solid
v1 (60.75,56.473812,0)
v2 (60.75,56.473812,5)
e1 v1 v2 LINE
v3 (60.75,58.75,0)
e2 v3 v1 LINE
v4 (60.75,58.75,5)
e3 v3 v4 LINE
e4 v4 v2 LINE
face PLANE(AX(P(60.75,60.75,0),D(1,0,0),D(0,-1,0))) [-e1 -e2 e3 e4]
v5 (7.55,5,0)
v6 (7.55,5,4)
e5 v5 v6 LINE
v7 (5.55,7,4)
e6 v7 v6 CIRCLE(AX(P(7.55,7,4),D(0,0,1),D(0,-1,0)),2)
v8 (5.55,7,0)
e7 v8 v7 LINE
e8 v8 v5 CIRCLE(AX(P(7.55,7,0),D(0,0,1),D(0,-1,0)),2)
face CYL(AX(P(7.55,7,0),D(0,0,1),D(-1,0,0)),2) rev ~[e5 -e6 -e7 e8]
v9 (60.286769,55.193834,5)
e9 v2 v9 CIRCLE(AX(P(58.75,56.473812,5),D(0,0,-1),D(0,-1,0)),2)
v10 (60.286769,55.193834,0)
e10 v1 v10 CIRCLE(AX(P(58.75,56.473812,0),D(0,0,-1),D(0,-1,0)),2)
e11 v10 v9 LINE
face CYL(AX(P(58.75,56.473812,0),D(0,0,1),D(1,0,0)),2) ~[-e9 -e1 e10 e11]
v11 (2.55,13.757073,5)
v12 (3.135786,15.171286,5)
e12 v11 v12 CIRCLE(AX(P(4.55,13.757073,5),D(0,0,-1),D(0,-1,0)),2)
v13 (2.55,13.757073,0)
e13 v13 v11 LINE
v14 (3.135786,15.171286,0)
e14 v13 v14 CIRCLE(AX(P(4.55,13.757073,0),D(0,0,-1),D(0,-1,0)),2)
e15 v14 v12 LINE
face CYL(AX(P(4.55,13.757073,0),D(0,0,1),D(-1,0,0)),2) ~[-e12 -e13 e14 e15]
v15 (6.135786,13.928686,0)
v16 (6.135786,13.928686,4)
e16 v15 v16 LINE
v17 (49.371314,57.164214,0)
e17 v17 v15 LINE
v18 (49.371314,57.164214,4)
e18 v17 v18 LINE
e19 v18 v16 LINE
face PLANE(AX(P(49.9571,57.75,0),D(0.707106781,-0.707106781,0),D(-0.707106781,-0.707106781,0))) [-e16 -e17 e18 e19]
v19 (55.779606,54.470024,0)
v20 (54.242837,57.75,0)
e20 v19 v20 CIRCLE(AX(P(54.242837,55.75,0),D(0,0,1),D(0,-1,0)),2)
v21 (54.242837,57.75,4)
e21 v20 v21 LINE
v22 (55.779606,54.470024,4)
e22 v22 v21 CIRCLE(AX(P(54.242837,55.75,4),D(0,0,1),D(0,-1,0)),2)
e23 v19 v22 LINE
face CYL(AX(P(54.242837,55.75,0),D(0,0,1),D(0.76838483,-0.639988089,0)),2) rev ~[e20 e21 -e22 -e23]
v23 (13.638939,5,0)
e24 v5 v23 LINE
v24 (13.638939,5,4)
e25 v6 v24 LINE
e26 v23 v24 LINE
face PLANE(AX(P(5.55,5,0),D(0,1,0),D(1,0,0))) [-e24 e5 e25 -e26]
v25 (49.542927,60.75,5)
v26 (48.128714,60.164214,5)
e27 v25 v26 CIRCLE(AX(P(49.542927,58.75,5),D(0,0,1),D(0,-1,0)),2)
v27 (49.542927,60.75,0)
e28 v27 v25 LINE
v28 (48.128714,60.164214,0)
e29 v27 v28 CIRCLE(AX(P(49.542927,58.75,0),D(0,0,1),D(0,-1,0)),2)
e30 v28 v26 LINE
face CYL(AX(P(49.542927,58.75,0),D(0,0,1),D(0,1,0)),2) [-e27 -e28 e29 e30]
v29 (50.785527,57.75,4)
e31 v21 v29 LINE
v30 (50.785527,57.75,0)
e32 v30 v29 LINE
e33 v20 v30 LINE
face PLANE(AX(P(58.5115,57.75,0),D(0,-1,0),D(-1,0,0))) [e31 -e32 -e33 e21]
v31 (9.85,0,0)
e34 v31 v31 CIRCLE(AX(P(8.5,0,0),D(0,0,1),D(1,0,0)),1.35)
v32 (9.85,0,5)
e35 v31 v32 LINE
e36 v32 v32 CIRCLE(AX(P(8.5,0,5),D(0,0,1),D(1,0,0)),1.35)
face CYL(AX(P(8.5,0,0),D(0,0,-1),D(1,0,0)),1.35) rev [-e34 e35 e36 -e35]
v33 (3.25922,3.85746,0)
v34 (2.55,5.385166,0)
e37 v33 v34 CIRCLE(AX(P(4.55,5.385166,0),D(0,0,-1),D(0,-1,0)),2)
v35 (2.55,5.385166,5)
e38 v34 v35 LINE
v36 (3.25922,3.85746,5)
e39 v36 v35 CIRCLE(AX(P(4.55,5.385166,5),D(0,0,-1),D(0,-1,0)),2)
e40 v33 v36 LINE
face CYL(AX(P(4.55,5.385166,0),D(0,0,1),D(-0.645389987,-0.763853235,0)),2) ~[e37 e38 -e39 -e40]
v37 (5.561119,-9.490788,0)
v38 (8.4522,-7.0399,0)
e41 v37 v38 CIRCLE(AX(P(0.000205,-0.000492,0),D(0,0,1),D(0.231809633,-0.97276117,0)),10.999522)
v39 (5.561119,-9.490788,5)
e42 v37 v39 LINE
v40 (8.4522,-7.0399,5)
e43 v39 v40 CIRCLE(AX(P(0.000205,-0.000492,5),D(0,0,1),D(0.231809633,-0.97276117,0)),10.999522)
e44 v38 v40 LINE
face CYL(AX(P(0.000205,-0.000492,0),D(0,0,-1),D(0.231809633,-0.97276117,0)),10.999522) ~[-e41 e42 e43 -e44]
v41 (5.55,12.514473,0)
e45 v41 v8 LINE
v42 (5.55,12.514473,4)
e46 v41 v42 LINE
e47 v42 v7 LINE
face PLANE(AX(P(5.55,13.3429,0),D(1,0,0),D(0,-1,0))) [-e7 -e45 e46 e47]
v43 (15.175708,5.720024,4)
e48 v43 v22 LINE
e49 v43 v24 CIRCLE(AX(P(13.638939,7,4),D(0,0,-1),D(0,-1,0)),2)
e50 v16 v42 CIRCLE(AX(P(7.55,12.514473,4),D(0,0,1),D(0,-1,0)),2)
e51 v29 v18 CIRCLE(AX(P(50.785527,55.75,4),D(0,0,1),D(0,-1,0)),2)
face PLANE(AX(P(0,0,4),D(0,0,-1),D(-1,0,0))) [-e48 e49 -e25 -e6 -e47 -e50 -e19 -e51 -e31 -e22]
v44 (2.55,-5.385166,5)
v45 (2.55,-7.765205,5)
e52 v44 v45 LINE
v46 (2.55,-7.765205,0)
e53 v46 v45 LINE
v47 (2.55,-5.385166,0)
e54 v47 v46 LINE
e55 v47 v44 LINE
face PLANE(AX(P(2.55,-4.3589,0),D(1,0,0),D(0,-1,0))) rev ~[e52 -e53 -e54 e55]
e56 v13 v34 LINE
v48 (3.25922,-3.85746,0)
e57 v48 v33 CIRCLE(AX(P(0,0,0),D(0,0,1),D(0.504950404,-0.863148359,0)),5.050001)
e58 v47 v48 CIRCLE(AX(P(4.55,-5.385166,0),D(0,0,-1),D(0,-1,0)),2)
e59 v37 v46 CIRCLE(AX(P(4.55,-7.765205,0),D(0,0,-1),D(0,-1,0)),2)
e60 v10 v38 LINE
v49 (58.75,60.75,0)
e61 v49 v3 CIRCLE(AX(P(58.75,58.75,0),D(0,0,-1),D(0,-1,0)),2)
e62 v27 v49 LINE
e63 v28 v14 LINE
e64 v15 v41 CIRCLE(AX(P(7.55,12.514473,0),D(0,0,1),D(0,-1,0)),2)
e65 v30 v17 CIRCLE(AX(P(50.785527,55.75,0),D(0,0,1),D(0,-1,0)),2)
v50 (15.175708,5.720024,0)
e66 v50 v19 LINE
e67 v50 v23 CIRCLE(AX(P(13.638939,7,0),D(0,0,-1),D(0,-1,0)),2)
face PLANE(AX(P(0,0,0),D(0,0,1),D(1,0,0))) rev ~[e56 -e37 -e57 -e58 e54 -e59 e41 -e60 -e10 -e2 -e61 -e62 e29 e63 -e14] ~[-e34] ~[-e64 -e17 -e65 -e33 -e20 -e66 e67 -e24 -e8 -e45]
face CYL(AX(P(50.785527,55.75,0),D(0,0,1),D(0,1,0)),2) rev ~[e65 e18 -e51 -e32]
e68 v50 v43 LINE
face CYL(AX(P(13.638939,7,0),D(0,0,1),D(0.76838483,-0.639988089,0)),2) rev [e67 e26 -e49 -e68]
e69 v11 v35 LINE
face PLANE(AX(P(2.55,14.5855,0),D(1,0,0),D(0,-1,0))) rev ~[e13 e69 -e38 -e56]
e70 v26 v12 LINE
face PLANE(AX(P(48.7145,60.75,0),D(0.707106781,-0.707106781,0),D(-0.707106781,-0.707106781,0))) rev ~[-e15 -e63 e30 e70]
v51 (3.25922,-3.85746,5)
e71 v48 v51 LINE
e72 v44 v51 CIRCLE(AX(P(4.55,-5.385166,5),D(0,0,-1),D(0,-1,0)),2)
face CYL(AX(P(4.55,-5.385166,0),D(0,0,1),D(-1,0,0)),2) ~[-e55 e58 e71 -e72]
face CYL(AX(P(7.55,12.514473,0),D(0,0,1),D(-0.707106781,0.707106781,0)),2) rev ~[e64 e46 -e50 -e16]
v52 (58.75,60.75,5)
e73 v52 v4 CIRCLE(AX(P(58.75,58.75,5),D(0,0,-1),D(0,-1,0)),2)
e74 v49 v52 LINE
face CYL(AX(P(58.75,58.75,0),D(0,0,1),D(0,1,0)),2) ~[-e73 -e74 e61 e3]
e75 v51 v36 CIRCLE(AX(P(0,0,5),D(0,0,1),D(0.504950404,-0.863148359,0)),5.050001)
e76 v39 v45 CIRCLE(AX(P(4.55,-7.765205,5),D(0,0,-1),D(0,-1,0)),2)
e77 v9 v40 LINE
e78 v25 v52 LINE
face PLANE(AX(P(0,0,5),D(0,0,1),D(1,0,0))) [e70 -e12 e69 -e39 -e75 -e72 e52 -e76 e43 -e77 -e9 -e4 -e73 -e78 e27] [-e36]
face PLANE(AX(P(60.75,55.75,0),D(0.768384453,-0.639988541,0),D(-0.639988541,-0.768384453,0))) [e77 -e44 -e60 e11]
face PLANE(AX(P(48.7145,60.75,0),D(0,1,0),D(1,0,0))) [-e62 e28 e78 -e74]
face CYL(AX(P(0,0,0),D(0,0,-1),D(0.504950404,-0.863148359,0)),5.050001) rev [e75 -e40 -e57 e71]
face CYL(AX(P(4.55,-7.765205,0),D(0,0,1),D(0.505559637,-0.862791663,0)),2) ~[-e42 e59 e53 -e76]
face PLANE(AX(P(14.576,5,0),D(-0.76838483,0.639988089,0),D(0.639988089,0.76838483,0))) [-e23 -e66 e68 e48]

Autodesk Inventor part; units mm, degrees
ref_plane "YZ Plane" through (0, 0, 0) normal (1, 0, 0) x (0, 1, 0)
ref_plane "XZ Plane" through (0, 0, 0) normal (0, 1, 0) x (-1, 0, 0)
ref_plane "XY Plane" through (0, 0, 0) normal (0, 0, 1) x (1, 0, 0)
sketch "スケッチ1" plane through (0, 0, 0) normal (0, 0, 1) x (1, 0, 0)
  circle A0 centre (0, 0) radius 11 construction
  circle A1 centre (0, 8.5) radius 1.35
  circle A2 centre (0, 8.5) radius 2.5 construction
  circle A3 centre (0, 0) radius 5.05 construction
  circle A4 centre (0, -8.5) radius 1.35
  line L0 (48.7145, 60.75) -> (2.55, 14.5855)
  line L1 (0, 0) -> (0, 48.2635) construction
  line L2 (60.75, 60.75) -> (0, 0) construction
  line L3 (48.7145, 60.75) -> (60.75, 60.75)
  line L4 (60.75, 60.75) -> (60.75, 55.75)
  arc A5 (2.55, -10.7004) -> (8.4522, -7.0399) centre (0, 0) ccw
  line L5 (60.75, 55.75) -> (8.4522, -7.0399)
  circle A6 centre (0, 0) radius 8.5 construction
  circle A7 centre (8.5, 0) radius 1.35
  line L6 (2.55, 14.5855) -> (2.55, 4.3589)
  arc A8 (2.55, -4.3589) -> (2.55, 4.3589) centre (0, 0) ccw
  line L7 (2.55, -4.3589) -> (2.55, -10.7004)
  dimension "d3" = 10.1
  dimension "d0" = 2.7
  dimension "d1" = 8.5
  dimension "d2" = 5
  dimension "d6" = 360
  dimension "d11" = 45
  dimension "d13" = 60.75
  dimension "d17" = 5
  dimension "d18" = 2.55
extrude "押し出し1" add sketch "スケッチ1" along normal blind 5 contours L3 L4 L5 A5 L7 A8 L6 L0
fillet "フィレット1" radius 2 7 edges at (2.55, -10.7004, 2.5) (2.55, -4.3589, 2.5) (2.55, 14.5855, 2.5) (60.75, 60.75, 2.5) (60.75, 55.75, 2.5) (48.7145, 60.75, 2.5) (2.55, 4.3589, 2.5)
sketch "スケッチ2" plane through (0, 0, 0) normal (0, 0, -1) x (-1, 0, 0)
  line L0 (-2.55, 5.3852) -> (-2.55, 13.7571) projected
  line L1 (-3.1358, 15.1713) -> (-48.1287, 60.1642) projected
  line L2 (-49.5429, 60.75) -> (-58.75, 60.75) projected
  line L3 (-60.2868, 55.1938) -> (-8.4522, -7.0399) projected
  circle A0 centre (-8.5, 0) radius 1.35 projected
  line L4 (-14.576, 5) -> (-58.5115, 57.75)
  line L5 (-58.5115, 57.75) -> (-49.9571, 57.75)
  line L6 (-49.9571, 57.75) -> (-5.55, 13.3429)
  line L7 (-5.55, 13.3429) -> (-5.55, 5)
  line L8 (-5.55, 5) -> (-14.576, 5)
  dimension "d20" = 5
  dimension "d21" = 3
  dimension "d22" = 3
  dimension "d23" = 3
  dimension "d24" = 3
extrude "押し出し2" cut sketch "スケッチ2" against normal blind 4 contours L4 L5 L6 L7 L8
fillet "フィレット2" radius 2 5 edges at (58.5115, 57.75, 2) (49.9571, 57.75, 2) (5.55, 5, 2) (14.576, 5, 2) (5.55, 13.3429, 2)
equation "\"d21\" = d22"
equation "\"d23\" = d22"
equation "\"d24\" = d23"
properties part number "頭_サブフレーム_1_1" material "アセタール樹脂、黒"
